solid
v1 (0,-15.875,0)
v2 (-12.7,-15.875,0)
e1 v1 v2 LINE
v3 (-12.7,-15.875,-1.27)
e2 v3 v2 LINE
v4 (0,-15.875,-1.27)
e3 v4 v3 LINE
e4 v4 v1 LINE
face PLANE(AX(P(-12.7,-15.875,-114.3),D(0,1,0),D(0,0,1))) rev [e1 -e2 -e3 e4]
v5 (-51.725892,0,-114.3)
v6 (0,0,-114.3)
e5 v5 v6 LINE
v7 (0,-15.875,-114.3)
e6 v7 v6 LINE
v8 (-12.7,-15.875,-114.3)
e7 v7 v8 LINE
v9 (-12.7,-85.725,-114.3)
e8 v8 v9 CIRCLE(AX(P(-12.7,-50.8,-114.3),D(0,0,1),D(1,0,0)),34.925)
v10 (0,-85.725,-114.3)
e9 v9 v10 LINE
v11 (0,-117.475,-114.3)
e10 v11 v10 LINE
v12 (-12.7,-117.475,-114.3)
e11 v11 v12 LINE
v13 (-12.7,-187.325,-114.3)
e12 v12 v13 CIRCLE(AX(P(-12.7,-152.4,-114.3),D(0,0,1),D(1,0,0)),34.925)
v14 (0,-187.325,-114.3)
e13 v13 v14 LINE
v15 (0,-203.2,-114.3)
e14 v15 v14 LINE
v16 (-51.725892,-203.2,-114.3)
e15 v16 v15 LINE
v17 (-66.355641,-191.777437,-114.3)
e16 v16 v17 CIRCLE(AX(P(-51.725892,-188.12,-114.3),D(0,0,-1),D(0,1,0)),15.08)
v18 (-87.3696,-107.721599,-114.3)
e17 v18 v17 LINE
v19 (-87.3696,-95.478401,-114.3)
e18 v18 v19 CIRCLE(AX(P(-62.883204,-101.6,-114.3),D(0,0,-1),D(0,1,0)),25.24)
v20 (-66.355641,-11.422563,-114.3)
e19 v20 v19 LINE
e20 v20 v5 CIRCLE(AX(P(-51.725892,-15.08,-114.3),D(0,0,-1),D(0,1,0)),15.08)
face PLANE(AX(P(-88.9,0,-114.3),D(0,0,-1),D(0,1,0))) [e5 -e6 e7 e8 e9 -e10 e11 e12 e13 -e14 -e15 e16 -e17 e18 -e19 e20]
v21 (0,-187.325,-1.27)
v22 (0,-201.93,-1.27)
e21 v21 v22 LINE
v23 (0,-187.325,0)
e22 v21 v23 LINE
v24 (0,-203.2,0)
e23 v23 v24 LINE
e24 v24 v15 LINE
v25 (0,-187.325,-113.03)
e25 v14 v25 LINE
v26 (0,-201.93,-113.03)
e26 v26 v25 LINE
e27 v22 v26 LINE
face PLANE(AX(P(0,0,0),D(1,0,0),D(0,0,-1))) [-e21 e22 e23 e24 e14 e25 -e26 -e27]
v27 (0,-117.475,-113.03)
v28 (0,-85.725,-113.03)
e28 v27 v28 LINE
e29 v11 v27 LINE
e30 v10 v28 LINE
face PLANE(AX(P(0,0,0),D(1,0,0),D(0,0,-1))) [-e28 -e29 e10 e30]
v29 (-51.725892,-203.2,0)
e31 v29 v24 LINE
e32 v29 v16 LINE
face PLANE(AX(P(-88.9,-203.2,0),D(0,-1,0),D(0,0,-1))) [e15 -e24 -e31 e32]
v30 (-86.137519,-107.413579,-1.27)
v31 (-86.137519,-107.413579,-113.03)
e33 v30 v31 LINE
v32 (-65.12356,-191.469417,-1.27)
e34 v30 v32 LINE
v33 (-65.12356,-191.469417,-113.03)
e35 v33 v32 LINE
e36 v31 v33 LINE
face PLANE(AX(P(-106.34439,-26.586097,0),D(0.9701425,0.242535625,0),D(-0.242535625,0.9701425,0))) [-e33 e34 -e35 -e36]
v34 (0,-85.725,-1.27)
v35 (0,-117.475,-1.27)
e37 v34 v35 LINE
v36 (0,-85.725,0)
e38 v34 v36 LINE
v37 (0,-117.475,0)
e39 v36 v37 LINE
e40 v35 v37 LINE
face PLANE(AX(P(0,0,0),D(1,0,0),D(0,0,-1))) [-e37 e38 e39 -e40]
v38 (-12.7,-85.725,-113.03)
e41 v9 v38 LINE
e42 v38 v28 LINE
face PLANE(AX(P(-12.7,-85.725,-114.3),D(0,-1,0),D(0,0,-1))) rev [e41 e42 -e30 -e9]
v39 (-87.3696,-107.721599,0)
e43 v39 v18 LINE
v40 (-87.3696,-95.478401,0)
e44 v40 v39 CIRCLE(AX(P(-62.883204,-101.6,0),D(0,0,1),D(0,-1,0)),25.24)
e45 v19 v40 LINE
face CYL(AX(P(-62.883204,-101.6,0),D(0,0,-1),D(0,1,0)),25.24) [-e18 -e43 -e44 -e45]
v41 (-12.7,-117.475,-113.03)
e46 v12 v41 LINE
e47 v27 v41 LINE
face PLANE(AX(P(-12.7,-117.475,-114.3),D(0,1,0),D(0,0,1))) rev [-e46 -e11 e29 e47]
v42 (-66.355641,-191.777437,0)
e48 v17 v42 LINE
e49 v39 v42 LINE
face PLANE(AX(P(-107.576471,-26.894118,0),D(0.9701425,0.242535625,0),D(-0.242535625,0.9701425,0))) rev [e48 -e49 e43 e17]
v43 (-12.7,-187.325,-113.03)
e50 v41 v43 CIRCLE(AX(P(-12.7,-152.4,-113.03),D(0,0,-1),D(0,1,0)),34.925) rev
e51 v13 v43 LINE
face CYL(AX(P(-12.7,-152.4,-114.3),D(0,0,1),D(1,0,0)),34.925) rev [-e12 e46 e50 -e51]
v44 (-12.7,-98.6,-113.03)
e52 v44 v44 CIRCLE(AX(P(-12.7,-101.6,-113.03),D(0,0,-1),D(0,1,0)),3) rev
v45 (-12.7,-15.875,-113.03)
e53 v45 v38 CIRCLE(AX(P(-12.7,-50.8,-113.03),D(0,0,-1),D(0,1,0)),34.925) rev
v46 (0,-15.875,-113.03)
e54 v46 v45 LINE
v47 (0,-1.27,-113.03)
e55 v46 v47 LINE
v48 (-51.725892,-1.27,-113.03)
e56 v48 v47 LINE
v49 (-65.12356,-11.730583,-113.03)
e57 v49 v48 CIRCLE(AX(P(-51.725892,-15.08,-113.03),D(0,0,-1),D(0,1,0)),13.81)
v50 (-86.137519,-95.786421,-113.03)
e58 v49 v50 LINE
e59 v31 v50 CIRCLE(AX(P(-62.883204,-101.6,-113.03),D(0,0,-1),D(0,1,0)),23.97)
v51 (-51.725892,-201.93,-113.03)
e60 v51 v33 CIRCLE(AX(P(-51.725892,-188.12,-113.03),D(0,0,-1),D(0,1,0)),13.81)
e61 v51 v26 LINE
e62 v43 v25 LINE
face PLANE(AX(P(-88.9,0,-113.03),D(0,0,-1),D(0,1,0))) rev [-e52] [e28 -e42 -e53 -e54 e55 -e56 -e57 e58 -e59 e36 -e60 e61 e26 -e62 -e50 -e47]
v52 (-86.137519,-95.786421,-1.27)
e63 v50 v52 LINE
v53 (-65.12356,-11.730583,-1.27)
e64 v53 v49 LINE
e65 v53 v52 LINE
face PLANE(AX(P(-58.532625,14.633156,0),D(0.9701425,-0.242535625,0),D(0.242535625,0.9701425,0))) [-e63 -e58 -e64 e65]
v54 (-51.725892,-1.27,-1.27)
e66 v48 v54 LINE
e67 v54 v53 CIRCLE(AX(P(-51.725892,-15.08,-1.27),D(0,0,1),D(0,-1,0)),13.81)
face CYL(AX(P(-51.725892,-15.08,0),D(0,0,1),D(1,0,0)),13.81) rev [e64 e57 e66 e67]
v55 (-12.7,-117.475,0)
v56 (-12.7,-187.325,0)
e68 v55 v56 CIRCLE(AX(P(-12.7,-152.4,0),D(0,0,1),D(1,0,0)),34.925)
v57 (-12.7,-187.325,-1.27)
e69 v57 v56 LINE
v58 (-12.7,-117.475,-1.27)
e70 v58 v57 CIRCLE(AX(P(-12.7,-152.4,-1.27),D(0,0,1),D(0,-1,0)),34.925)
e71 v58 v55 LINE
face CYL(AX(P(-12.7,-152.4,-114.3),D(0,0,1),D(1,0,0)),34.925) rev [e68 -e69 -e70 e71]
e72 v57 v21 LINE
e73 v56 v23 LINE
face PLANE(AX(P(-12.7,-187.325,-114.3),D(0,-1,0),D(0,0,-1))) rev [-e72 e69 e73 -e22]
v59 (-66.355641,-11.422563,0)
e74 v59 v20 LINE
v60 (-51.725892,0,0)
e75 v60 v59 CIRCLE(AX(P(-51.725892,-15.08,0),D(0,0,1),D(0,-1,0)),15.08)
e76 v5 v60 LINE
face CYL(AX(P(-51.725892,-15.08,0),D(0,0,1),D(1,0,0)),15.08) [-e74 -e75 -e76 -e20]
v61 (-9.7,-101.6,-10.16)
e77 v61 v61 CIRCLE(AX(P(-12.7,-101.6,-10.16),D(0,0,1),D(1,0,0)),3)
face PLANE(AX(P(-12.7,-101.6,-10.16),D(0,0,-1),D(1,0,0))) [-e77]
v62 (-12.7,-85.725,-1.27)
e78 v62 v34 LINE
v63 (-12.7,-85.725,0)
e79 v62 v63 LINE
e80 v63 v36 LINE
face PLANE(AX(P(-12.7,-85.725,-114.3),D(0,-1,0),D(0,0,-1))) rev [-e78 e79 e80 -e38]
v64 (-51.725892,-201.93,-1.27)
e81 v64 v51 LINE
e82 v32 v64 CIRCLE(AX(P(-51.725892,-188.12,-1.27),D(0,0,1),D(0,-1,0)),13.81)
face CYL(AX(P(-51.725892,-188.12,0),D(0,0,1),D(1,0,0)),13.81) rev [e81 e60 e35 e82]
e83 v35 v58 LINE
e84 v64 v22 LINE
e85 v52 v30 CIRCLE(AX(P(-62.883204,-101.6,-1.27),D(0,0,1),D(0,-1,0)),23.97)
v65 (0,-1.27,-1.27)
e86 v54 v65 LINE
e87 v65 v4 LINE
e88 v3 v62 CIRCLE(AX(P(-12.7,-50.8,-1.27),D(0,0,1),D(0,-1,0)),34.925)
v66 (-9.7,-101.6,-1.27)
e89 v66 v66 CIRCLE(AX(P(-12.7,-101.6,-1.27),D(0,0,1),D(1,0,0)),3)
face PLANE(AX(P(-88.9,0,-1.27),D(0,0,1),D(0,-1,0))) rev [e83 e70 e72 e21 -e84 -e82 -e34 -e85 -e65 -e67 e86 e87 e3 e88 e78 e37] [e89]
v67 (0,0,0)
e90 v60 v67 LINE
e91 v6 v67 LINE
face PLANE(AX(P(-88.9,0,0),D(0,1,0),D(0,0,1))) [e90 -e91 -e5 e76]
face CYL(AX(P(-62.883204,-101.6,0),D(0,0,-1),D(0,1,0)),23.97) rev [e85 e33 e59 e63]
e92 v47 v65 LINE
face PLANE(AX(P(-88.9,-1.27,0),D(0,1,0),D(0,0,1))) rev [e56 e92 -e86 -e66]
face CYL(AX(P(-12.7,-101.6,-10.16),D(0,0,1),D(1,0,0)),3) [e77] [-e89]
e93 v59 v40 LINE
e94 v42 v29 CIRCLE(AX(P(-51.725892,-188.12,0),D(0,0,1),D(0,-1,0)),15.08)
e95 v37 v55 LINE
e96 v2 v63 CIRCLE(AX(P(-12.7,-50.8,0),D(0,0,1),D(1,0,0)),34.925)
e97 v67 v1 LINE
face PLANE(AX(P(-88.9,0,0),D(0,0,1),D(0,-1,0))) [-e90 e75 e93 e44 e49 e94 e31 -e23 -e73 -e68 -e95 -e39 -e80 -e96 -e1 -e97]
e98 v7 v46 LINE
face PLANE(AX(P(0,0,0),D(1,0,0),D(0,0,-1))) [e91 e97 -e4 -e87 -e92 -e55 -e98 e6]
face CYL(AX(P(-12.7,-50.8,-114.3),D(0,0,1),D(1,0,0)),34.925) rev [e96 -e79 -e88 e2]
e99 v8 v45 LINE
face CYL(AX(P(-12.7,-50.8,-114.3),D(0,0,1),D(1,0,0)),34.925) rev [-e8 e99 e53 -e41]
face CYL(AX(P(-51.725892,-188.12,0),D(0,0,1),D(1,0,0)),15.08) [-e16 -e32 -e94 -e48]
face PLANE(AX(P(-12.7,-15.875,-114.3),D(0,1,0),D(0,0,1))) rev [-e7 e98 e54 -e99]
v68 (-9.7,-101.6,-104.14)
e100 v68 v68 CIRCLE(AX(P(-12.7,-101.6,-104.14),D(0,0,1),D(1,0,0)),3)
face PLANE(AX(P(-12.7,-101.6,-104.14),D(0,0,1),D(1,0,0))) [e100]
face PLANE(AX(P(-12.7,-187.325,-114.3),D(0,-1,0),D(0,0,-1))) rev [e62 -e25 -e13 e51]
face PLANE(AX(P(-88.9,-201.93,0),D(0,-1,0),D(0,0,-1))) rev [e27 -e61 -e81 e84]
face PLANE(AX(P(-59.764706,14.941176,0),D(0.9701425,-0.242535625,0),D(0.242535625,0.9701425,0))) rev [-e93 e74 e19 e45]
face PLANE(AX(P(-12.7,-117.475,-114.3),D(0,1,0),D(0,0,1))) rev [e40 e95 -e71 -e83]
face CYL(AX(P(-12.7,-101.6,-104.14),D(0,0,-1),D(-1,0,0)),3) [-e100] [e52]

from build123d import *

# Parameters (mm, degrees)
SKETCH1_W           = 114.3
SKETCH1_H           = 203.2
BOSS_EXTRUDE1_DEPTH = 88.9
CUT_EXTRUDE1_DEPTH  = 115.3
FILLET1_R           = 25.24
FILLET2_R           = 15.08
CUT_EXTRUDE2_DEPTH  = 115.3
LPATTERN1_COUNT     = 2
LPATTERN1_PITCH     = 101.6
SHELL5_T            = -1.27
SKETCH9_R           = 3
BOSS_EXTRUDE2_DEPTH = 8.89


with BuildPart() as part:
    # Sketch1 → Boss-Extrude1 (new body)
    with BuildSketch(Plane(origin=(0, 0, 0), x_dir=(0, 0, -1), z_dir=(1, 0, 0))):
        with Locations((57.15, -101.6)):
            Rectangle(SKETCH1_W, SKETCH1_H)
    extrude(amount=-BOSS_EXTRUDE1_DEPTH)

    # Sketch4 → Cut-Extrude1 (cut, through all)
    with BuildSketch(Plane(origin=(0, 0, -114.3), x_dir=(-1, 0, 0), z_dir=(0, 0, -1))):
        Polygon((88.9, 0), (63.5, 0), (88.9, -101.6), align=None)
        Polygon((88.9, -203.2), (88.9, -101.6), (63.5, -203.2), align=None)
    extrude(amount=-CUT_EXTRUDE1_DEPTH, mode=Mode.SUBTRACT)

    # Fillet1
    fillet1_edges = [part.edges().sort_by_distance(p)[0] for p in [
        (-88.9, -101.6, -57.15),
    ]]
    fillet(fillet1_edges, radius=FILLET1_R)

    # Fillet2
    fillet2_edges = [part.edges().sort_by_distance(p)[0] for p in [
        (-63.5, 0, -57.15),
        (-63.5, -203.2, -57.15),
    ]]
    fillet(fillet2_edges, radius=FILLET2_R)

    # Sketch5 → Cut-Extrude2 (cut, through all)
    with BuildSketch(Plane.XY):
        with BuildLine():
            Line((-12.7, -187.325), (0, -187.325))
            Line((0, -187.325), (0, -117.475))
            Line((0, -117.475), (-12.7, -117.475))
            ThreePointArc((-12.7, -117.475), (-47.625, -152.4), (-12.7, -187.325))
        make_face()
    cut_extrude2 = extrude(amount=-CUT_EXTRUDE2_DEPTH, mode=Mode.SUBTRACT)

    # LPattern1: Cut-Extrude2 ×2
    with Locations(*[(0, i * LPATTERN1_PITCH, 0) for i in range(1, LPATTERN1_COUNT)]):
        add(cut_extrude2, mode=Mode.SUBTRACT)

    # Shell5
    shell5_openings = [part.faces().sort_by_distance(p)[0] for p in [
        (0, -195.2625, -57.15),
        (0, -101.6, -57.15),
        (-30.1625, -152.4, -57.15),
        (-6.35, -117.475, -57.15),
        (-6.35, -187.325, -57.15),
        (0, -7.9375, -57.15),
        (-30.1625, -50.8, -57.15),
        (-6.35, -15.875, -57.15),
        (-6.35, -85.725, -57.15),
    ]]
    offset(amount=SHELL5_T, openings=shell5_openings, kind=Kind.INTERSECTION)

    # Sketch9 → Boss-Extrude2 (add)
    with BuildSketch(Plane.XY.offset(-113.03)):
        with Locations((-12.7, -101.6)):
            Circle(SKETCH9_R)
    boss_extrude2 = extrude(amount=BOSS_EXTRUDE2_DEPTH)

    # Mirror1: Boss-Extrude2 across plane
    add(boss_extrude2.mirror(Plane.XY.offset(-57.15)))


solid = part.part
